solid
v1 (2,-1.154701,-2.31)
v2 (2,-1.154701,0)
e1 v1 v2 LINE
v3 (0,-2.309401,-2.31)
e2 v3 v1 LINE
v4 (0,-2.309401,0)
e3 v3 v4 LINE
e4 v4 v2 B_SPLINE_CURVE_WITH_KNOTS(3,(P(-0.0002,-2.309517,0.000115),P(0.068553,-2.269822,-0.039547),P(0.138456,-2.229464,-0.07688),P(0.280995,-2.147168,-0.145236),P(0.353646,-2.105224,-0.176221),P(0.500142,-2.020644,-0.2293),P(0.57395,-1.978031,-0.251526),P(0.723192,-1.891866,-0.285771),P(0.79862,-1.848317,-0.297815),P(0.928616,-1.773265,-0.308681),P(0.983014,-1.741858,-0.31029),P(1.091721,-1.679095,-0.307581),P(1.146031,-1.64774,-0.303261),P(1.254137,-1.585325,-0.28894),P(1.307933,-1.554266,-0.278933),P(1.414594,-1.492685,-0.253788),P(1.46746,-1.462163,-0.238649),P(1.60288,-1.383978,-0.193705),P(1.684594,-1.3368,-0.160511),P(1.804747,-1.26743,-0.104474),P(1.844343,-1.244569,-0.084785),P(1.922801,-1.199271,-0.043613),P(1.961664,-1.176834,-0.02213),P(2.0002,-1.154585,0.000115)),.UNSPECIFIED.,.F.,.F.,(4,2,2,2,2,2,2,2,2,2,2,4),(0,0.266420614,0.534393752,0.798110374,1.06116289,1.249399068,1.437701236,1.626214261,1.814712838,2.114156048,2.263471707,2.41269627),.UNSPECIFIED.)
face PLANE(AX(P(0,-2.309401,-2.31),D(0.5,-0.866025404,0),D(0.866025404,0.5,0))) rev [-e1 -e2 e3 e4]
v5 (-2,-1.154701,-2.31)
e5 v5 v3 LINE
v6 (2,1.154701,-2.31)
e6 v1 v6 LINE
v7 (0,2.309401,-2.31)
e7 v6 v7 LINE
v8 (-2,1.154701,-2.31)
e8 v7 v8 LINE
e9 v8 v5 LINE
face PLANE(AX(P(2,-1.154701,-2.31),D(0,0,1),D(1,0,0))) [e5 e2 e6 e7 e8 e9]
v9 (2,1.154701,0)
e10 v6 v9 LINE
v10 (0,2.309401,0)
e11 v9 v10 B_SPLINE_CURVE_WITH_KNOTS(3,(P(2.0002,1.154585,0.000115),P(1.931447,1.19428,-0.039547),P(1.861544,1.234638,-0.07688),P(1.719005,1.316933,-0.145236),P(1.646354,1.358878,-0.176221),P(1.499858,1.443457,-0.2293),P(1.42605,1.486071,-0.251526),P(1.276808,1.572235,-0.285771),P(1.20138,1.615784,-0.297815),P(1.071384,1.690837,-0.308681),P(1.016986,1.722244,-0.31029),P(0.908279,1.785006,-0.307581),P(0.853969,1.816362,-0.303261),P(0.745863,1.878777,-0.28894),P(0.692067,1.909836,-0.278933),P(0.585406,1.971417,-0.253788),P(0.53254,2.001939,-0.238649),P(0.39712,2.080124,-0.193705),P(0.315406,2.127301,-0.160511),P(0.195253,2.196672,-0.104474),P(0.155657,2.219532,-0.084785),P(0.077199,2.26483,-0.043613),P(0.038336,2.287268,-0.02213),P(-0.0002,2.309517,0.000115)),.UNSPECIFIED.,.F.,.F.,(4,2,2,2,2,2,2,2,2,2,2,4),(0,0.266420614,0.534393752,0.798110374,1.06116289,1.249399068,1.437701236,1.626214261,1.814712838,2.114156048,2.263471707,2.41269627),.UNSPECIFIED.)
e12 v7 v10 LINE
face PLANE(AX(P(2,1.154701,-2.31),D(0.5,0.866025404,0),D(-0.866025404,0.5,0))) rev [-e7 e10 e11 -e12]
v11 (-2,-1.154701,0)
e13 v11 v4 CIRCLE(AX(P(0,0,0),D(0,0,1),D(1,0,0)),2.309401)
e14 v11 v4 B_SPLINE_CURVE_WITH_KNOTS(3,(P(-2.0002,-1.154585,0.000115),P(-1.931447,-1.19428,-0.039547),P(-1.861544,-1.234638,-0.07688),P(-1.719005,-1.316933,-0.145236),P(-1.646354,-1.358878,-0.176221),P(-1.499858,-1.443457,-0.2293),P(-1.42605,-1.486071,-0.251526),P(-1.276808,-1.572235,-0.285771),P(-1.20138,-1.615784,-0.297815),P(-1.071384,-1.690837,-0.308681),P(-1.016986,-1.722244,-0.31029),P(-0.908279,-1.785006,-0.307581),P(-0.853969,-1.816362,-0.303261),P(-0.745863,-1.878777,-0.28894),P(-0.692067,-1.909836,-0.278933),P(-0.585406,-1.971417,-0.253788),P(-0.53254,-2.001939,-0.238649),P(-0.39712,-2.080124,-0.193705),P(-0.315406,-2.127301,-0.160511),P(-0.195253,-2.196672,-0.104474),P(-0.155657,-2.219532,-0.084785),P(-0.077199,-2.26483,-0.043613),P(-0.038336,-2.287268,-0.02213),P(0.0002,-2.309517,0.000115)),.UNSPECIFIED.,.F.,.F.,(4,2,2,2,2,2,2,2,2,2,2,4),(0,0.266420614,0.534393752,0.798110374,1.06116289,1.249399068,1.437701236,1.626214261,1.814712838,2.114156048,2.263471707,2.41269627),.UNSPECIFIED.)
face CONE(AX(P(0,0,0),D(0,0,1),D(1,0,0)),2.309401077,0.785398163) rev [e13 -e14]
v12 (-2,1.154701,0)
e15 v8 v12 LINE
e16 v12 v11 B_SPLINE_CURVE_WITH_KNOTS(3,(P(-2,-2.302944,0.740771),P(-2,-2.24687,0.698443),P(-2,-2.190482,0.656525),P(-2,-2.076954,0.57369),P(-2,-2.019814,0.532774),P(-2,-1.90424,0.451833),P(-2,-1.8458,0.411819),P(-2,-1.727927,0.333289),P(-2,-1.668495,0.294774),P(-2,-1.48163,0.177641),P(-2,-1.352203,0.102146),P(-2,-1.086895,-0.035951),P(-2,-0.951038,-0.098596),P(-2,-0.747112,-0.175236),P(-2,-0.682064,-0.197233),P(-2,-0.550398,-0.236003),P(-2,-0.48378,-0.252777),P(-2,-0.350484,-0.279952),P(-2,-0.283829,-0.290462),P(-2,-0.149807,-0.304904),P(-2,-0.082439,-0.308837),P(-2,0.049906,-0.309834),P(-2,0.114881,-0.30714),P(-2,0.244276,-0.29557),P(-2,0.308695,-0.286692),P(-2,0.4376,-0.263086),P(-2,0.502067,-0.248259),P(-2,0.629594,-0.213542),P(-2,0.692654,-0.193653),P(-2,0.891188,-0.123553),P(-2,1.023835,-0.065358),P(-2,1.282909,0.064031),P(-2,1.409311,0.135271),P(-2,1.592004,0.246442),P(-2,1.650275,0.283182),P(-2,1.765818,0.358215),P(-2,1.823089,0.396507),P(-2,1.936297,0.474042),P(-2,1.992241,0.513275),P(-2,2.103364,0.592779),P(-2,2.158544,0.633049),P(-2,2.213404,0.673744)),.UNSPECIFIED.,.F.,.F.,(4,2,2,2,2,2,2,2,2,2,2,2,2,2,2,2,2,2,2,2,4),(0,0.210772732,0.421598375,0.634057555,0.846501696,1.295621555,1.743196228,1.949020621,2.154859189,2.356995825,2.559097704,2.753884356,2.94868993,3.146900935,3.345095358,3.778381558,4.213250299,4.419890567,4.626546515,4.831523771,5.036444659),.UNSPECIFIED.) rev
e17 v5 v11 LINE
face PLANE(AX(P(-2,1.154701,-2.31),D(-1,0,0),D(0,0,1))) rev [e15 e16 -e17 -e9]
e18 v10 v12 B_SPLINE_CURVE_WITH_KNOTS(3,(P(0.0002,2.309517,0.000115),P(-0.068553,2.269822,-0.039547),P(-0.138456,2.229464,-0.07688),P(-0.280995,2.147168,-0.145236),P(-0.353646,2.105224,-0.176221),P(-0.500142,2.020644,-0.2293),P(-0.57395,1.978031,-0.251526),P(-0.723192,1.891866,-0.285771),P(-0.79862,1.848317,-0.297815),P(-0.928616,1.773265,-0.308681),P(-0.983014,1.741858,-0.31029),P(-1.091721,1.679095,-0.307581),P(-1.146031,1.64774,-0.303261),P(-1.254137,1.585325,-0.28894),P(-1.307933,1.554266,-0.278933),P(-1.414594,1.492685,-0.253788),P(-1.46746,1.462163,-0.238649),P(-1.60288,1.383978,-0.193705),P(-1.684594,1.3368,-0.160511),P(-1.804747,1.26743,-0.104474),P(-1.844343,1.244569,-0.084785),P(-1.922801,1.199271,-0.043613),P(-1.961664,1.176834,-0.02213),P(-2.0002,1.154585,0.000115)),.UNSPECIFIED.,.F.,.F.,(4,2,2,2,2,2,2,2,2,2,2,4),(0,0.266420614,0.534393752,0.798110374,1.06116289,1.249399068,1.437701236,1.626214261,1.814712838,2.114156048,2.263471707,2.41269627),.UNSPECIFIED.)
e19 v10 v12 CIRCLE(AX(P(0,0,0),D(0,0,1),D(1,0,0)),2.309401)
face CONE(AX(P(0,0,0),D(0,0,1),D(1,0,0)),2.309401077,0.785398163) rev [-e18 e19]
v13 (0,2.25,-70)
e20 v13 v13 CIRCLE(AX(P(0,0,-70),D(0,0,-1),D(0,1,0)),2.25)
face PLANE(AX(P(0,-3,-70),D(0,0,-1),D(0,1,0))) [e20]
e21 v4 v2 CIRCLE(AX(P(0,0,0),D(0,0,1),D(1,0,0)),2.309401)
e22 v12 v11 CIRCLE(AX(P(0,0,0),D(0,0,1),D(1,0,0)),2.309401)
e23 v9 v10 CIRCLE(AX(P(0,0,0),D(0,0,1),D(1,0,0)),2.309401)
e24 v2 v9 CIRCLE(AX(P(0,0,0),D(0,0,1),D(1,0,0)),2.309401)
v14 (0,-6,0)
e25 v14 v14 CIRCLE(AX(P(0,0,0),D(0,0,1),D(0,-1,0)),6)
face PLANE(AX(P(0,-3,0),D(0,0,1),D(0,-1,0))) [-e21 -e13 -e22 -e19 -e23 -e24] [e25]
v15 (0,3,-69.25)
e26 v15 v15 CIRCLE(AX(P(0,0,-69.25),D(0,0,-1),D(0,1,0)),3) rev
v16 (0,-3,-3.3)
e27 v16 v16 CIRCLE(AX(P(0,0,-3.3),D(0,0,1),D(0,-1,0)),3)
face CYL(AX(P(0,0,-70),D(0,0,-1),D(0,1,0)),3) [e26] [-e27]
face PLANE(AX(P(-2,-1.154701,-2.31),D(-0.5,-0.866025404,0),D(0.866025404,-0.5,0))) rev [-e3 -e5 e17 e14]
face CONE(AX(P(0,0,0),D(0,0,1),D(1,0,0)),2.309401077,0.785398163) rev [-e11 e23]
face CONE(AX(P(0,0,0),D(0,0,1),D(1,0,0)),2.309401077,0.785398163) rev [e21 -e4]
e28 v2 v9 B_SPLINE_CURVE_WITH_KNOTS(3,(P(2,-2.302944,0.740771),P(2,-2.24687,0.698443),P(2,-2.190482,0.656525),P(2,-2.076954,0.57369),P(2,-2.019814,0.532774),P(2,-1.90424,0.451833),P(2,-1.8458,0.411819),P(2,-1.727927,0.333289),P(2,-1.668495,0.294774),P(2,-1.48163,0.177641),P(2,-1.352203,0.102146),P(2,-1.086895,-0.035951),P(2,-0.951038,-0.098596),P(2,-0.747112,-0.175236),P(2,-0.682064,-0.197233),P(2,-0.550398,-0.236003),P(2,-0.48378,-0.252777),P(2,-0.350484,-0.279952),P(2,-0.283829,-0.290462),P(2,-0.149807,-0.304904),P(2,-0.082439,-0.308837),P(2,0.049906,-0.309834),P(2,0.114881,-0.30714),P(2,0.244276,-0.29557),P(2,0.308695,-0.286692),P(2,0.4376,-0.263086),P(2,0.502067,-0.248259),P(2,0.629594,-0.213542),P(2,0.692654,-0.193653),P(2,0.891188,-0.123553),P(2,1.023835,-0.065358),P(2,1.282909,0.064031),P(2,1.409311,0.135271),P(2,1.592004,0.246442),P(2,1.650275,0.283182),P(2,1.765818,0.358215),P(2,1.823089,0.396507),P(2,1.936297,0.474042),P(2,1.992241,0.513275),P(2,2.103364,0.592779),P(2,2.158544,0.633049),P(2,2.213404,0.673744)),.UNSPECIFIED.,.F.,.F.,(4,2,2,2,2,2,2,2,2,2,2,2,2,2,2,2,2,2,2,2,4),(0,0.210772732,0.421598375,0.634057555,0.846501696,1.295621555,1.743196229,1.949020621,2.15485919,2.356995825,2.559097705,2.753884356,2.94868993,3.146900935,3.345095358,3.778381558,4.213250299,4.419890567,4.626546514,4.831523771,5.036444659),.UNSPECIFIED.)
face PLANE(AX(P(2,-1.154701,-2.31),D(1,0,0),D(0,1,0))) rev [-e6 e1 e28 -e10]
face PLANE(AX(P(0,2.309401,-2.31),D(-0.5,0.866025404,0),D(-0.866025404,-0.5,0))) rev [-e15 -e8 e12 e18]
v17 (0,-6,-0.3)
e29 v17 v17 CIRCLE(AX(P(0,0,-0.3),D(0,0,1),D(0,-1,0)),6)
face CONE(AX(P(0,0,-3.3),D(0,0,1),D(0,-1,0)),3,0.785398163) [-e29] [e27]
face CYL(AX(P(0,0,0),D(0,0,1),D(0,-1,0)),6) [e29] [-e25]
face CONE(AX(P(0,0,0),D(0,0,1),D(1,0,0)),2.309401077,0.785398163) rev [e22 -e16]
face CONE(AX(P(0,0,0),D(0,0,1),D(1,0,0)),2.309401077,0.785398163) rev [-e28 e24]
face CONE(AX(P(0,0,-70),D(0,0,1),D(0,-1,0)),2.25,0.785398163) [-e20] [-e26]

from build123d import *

# Parameters (mm, degrees)
SKETCH1_W          = 70
SKETCH1_H          = 3
CHAMFER1_SIZE      = 0.75
CUT_EXTRUDE2_DEPTH = 2.31


with BuildPart() as part:
    # Sketch1 → Revolve1 (revolve)
    with BuildSketch(Plane(origin=(0, 0, 0), x_dir=(0, 0, -1), z_dir=(1, 0, 0))):
        with Locations((35, 1.5)):
            Rectangle(SKETCH1_W, SKETCH1_H)
    revolve(axis=Axis((0, 0, -70), (0, 0, 1)))

    # Chamfer1
    chamfer1_edges = [part.edges().sort_by_distance(p)[0] for p in [
        (0, -3, -70),
    ]]
    chamfer(chamfer1_edges, length=CHAMFER1_SIZE)

    # Sketch7 → Revolve2 (revolve)
    with BuildSketch(Plane(origin=(0, 0, 0), x_dir=(0, 0, -1), z_dir=(1, 0, 0)), mode=Mode.PRIVATE) as revolve2_sk:
        Polygon((0, 6), (0.3, 6), (3.3, 3), (3.3, 0), (0, 0), align=None)
    revolve(revolve2_sk.sketch.rotate(Axis((0, 0, 0), (0, 0, -1)), 180), axis=Axis((0, 0, 0), (0, 0, -1)))

    # Boss-Extrude1 cone 1 section (through the dimple's axis) → Boss-Extrude1 (revolve)
    with BuildSketch(Plane(origin=(0, 0, -3.3), x_dir=(0, -1, 0), z_dir=(1, 0, 0))):
        Polygon((0, 0), (3, 0), (0, 3), align=None)
    revolve(axis=Axis((0, 0, -3.3), (0, 0, -1)))

    # Sketch5 → Cut-Extrude2 (cut)
    with BuildSketch(Plane.XY):
        Polygon((2, -1.154700538), (2, 1.154700538), (0, 2.309401077), (-2, 1.154700538), (-2, -1.154700538), (0, -2.309401077), align=None)
    extrude(amount=-CUT_EXTRUDE2_DEPTH, mode=Mode.SUBTRACT)

    # Cut-Extrude3 cone 1 section (through the dimple's axis) → Cut-Extrude3 (revolve, cut)
    with BuildSketch(Plane(origin=(0, 0, 0), x_dir=(0, -1, 0), z_dir=(1, 0, 0))):
        Polygon((0, 0), (2.309401077, 0), (0, 2.309401077), align=None)
    revolve(axis=Axis((0, 0, 0), (0, 0, -1)), mode=Mode.SUBTRACT)


solid = part.part
